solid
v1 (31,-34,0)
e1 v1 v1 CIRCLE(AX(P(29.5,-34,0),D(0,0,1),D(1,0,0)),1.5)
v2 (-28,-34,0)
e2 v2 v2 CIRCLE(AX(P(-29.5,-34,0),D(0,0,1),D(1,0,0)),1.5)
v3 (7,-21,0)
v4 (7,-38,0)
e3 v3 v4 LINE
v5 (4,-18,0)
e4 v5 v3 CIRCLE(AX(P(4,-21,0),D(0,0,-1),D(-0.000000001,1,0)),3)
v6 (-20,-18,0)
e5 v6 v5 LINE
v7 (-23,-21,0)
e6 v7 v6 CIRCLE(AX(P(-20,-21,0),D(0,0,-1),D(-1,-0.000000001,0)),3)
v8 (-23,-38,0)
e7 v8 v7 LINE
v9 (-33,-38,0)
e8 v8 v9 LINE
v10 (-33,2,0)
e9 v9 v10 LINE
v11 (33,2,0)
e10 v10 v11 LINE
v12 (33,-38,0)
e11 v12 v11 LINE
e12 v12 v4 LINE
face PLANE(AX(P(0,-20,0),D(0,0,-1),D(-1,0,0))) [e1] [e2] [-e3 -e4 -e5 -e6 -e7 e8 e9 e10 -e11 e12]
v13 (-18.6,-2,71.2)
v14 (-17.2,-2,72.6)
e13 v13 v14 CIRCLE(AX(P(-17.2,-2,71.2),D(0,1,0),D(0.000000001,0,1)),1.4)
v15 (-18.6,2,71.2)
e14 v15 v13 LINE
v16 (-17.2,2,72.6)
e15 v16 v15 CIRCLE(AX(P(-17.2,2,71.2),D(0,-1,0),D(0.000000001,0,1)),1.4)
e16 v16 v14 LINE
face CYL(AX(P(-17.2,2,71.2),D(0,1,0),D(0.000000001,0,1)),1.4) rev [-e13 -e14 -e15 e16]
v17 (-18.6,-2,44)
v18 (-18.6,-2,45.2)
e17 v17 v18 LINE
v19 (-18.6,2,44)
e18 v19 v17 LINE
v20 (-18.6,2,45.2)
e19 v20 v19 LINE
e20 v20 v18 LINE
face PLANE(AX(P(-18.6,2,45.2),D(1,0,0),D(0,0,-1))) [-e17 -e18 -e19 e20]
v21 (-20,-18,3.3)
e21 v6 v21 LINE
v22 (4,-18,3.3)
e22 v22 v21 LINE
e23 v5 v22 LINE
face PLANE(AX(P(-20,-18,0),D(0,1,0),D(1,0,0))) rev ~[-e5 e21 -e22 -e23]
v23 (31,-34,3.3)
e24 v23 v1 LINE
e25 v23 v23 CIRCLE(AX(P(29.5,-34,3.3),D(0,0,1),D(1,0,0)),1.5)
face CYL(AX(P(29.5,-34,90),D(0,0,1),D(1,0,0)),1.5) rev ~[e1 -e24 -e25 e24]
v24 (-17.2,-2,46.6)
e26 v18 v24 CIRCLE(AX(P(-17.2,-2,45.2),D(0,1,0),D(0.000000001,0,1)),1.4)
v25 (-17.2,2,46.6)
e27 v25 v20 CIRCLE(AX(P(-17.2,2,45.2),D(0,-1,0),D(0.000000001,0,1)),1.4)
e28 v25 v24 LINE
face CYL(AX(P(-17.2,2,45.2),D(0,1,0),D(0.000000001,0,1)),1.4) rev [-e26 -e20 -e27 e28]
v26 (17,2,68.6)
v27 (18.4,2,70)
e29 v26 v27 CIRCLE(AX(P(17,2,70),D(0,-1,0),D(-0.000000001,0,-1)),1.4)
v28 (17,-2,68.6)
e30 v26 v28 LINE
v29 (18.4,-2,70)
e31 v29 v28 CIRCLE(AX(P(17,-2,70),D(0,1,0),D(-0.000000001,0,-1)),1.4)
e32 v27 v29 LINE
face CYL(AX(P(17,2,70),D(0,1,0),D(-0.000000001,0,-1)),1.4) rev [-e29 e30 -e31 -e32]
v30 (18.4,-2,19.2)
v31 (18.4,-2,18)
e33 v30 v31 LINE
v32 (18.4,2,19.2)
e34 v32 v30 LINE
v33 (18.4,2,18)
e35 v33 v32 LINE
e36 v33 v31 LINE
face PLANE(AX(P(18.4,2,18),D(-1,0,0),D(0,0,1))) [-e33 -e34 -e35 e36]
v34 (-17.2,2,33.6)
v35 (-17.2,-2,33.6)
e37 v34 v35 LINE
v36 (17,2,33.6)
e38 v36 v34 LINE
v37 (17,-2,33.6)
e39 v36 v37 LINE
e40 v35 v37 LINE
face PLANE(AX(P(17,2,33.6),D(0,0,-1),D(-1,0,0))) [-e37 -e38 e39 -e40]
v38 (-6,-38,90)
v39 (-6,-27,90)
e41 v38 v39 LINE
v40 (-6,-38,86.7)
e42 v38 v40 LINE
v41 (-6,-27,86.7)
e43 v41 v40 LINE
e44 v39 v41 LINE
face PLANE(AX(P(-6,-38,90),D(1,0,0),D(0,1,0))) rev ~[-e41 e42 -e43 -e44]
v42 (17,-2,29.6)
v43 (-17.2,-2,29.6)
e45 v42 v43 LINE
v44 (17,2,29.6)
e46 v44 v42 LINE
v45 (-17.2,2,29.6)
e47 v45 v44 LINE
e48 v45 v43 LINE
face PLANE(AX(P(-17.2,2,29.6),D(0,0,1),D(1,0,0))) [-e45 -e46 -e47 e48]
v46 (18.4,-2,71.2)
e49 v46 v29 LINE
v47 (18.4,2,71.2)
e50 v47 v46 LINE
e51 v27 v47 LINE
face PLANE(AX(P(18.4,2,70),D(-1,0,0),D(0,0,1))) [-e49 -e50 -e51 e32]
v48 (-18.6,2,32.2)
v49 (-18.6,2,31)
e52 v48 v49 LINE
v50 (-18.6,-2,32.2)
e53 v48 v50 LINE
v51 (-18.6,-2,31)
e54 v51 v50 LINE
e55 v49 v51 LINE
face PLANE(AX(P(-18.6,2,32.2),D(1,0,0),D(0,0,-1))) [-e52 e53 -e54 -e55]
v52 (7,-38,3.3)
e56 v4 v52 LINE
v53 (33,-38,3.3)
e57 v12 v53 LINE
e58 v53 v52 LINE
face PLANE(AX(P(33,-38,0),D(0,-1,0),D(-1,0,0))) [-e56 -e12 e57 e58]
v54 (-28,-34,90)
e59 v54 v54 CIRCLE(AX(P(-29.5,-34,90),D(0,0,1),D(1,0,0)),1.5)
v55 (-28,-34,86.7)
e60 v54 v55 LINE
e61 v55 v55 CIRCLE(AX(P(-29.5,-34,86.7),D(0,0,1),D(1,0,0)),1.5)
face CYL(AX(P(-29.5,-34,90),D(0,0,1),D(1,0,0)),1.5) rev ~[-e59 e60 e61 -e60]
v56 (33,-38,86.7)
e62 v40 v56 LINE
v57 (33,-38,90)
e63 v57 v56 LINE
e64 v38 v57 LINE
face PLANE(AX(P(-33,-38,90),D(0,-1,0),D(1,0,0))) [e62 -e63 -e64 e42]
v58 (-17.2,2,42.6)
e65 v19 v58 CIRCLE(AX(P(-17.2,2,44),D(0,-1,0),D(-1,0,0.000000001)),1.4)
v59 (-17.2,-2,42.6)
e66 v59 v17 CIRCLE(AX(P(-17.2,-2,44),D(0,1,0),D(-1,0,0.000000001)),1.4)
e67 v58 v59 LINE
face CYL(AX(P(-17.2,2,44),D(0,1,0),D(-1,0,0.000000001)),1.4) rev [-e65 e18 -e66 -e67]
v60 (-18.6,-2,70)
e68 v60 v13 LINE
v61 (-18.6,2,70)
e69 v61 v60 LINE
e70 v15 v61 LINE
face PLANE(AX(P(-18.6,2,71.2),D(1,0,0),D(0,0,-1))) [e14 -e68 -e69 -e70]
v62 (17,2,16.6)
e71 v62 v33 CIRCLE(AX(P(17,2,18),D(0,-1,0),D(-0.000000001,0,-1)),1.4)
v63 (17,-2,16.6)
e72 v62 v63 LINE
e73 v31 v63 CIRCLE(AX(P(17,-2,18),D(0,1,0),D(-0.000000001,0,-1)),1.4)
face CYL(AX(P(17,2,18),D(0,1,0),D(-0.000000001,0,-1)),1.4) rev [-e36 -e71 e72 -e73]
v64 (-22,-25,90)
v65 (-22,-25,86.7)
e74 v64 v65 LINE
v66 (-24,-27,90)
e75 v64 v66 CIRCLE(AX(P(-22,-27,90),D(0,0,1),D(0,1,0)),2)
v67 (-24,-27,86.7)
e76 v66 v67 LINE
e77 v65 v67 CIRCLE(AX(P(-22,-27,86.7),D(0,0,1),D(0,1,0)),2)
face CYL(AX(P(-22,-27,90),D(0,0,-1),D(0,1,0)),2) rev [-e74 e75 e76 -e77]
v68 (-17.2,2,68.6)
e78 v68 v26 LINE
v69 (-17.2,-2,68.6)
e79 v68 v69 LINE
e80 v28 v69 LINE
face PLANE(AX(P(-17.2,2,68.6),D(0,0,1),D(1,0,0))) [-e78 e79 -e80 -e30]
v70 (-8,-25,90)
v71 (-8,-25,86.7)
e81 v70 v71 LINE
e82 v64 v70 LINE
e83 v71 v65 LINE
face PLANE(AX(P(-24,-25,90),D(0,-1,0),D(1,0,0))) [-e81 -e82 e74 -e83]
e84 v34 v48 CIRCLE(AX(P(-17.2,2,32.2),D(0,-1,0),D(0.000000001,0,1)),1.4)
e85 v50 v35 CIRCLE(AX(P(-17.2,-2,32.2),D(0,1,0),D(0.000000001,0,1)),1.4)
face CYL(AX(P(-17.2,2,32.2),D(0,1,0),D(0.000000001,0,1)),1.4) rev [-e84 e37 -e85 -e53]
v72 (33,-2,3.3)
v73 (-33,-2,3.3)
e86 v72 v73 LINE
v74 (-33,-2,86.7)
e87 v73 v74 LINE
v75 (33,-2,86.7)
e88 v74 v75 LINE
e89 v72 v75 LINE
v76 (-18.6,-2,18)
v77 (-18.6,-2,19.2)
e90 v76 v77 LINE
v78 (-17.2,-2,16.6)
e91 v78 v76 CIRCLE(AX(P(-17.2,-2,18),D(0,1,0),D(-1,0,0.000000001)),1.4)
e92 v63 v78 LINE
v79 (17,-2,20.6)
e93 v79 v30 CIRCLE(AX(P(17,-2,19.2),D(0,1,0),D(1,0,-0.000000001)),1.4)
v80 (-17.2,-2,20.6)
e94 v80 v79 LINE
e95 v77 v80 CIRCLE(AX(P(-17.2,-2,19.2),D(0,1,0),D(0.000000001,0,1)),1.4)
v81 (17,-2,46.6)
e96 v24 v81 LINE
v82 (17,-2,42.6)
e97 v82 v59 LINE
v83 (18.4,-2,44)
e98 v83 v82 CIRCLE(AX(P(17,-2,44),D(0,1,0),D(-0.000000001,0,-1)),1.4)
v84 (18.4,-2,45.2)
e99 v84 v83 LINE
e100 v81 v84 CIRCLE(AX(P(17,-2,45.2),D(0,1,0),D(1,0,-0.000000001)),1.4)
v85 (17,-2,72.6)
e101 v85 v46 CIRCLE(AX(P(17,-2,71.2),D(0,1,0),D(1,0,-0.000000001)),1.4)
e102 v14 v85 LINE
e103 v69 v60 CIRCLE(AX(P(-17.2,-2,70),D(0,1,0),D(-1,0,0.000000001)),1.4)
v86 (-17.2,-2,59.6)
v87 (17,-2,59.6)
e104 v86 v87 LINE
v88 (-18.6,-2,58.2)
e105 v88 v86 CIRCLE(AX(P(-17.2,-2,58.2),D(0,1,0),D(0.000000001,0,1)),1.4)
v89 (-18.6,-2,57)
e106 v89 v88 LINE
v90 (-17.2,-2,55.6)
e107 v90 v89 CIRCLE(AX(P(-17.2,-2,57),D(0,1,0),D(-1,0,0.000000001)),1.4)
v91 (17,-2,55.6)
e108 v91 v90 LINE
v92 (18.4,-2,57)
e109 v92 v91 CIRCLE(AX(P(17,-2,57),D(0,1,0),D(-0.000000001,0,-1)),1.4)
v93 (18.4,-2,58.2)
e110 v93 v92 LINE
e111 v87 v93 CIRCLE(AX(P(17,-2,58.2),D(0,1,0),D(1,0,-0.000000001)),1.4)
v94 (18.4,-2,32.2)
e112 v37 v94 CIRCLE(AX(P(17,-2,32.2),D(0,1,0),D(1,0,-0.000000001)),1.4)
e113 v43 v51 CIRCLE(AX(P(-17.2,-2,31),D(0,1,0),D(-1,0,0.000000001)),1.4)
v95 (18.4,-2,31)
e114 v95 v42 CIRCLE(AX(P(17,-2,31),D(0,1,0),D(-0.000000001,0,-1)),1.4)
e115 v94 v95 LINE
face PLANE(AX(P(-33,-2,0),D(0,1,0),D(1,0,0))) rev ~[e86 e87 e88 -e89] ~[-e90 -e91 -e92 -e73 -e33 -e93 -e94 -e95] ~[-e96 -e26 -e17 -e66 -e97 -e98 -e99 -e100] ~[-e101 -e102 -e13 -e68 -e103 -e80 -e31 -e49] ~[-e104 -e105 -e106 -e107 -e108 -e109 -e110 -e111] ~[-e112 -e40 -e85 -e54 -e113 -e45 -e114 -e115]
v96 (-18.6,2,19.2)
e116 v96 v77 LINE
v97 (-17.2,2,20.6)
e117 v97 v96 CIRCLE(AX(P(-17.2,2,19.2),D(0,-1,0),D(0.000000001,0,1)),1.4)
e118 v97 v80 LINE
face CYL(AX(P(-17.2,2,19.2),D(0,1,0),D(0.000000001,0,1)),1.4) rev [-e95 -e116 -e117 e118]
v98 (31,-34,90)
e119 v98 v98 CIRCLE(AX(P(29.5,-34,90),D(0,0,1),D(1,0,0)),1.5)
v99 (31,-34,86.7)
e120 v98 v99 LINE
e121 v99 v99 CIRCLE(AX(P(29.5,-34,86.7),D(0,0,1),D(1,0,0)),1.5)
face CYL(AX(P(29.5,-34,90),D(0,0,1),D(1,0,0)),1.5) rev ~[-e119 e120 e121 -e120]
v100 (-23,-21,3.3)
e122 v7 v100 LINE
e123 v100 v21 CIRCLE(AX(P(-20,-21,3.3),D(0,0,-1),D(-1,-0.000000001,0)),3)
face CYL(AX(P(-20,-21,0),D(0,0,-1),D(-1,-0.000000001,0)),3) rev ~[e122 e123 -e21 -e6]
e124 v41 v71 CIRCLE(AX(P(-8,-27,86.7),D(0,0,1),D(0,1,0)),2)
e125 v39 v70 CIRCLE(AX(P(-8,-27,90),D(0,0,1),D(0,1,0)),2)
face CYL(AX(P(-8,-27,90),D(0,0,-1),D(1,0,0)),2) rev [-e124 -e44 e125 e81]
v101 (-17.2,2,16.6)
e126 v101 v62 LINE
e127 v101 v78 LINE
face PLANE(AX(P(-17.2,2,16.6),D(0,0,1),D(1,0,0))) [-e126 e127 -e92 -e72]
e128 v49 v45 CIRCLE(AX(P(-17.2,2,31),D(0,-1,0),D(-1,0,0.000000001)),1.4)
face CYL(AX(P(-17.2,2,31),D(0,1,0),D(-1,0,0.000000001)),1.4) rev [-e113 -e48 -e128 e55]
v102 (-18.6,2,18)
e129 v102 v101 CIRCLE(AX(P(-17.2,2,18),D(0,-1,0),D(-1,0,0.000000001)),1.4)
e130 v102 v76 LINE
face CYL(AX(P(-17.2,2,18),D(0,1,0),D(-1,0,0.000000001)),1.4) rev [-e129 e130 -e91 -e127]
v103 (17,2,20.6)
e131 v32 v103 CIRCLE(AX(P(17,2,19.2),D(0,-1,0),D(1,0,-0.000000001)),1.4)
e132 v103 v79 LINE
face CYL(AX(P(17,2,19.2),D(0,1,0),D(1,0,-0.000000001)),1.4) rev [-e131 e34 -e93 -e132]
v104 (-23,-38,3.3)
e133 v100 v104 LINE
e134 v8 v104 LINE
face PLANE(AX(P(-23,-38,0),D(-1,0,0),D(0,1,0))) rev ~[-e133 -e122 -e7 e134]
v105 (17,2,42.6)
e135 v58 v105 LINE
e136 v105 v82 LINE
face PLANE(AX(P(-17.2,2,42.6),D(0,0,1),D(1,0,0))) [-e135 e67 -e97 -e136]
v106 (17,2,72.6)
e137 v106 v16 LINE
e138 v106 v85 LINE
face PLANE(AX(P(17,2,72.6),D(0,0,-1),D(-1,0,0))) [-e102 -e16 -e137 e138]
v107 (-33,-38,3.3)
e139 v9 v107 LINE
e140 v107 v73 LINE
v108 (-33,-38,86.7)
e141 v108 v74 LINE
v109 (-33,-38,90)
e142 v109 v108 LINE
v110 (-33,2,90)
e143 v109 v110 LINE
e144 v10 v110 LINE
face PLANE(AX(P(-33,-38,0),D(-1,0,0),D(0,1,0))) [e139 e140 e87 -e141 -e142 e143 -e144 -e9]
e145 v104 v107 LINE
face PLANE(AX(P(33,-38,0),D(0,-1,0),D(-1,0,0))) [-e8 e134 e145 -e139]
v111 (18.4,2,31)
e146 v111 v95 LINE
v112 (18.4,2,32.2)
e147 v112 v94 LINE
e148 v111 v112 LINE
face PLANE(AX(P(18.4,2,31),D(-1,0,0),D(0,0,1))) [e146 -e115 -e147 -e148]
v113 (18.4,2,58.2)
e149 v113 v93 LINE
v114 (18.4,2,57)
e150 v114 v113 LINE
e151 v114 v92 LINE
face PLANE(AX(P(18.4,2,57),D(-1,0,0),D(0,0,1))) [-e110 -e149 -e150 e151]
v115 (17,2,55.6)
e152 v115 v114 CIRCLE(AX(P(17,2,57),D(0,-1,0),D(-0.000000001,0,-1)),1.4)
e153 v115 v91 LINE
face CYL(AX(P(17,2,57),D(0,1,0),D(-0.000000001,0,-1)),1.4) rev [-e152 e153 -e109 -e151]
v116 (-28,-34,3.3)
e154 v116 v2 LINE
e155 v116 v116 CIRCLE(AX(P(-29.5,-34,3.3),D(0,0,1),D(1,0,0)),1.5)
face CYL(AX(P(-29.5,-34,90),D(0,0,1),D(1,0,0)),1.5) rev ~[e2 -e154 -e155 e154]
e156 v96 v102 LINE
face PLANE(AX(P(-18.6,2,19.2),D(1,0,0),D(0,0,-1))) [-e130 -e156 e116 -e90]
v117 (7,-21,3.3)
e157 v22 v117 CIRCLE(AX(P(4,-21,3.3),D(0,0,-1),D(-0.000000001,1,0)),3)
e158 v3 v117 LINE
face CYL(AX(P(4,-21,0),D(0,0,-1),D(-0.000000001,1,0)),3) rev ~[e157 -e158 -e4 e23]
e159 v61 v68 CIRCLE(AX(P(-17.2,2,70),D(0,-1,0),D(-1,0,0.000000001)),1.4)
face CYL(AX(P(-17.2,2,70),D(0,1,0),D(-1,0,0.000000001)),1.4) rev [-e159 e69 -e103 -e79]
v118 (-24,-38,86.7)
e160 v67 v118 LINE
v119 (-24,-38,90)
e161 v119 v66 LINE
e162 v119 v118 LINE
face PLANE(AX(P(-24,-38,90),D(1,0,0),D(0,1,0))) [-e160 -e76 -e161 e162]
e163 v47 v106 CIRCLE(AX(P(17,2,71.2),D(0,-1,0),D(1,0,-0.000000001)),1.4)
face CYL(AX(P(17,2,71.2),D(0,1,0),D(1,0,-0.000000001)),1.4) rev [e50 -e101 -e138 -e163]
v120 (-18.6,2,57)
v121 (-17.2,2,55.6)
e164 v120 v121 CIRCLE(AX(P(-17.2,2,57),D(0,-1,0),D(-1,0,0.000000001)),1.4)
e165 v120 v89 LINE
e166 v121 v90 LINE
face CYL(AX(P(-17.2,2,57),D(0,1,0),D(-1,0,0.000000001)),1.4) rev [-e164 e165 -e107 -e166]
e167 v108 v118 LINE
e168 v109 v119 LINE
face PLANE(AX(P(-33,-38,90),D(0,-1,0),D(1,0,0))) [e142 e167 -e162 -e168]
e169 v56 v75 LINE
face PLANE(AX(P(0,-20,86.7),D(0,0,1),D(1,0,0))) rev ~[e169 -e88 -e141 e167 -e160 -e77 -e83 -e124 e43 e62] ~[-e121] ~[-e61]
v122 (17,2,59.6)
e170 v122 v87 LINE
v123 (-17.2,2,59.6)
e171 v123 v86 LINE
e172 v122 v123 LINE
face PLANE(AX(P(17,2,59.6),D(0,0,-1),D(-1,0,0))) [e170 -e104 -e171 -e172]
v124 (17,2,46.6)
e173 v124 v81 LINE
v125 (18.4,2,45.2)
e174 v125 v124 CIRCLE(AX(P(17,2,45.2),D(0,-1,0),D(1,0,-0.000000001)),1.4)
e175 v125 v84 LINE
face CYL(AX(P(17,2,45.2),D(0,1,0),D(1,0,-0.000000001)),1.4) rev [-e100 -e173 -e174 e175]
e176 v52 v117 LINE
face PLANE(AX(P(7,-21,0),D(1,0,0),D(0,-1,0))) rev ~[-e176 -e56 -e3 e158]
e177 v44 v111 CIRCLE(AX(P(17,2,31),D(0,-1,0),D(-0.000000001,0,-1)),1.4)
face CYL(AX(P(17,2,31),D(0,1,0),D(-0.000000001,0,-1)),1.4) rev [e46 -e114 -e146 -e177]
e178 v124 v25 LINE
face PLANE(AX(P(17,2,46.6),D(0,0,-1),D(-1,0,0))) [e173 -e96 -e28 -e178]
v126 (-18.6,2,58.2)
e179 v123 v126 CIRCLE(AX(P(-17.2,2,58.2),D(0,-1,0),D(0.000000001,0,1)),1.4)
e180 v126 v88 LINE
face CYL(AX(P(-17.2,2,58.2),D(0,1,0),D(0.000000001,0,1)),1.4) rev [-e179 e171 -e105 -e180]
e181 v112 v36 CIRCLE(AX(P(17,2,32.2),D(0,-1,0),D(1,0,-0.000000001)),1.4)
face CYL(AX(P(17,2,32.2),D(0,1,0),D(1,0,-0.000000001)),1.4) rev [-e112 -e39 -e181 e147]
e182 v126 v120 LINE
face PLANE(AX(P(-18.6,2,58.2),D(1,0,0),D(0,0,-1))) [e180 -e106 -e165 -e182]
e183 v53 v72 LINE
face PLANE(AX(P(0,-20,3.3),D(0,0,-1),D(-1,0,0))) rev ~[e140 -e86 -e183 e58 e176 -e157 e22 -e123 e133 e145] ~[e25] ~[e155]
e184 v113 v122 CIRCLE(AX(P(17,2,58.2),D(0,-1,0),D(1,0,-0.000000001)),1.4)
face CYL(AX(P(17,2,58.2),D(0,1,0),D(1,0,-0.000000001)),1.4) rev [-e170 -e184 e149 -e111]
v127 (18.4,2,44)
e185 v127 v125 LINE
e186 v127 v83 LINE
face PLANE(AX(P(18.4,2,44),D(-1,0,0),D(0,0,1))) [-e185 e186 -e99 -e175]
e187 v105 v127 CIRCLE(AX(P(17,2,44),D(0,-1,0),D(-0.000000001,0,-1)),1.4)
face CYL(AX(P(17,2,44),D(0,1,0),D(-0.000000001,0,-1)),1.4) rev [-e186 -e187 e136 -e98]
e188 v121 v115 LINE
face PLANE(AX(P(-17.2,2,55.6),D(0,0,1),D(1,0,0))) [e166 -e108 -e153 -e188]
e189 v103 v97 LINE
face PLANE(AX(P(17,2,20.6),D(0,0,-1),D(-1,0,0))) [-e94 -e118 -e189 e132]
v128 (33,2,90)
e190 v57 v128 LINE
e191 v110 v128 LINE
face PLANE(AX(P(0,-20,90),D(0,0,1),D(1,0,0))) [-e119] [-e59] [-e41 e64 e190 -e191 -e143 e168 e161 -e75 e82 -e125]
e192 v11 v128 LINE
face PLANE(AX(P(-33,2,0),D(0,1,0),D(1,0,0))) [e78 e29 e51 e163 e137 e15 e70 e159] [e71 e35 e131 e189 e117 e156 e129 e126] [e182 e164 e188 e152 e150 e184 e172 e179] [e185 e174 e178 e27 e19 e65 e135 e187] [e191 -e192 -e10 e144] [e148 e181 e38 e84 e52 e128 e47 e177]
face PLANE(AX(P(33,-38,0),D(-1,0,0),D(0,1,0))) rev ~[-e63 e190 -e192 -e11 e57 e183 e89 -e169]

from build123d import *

# Parameters (mm, degrees)
SKETCH1_W           = 66
SKETCH1_H           = 4
BOSS_EXTRUDE1_DEPTH = 90
SKETCH2_W           = 66
SKETCH2_H           = 36
BOSS_EXTRUDE2_DEPTH = 3.3
SKETCH3_W           = 66
SKETCH3_H           = 36
BOSS_EXTRUDE3_DEPTH = 3.3
SKETCH4_R           = 1.5
CUT_EXTRUDE1_DEPTH  = 104.116439039
CUT_EXTRUDE2_REACH  = 105.116
SKETCH5_W           = 18
SKETCH5_H           = 13
CUT_EXTRUDE4_REACH  = 105.116
FILLET1_R           = 2
CUT_EXTRUDE5_REACH  = 105.87
LPATTERN1_COUNT     = 5
LPATTERN1_PITCH     = 13


with BuildPart() as part:
    # Sketch1 → Boss-Extrude1 (new body)
    with BuildSketch(Plane.XY):
        Rectangle(SKETCH1_W, SKETCH1_H)
    extrude(amount=BOSS_EXTRUDE1_DEPTH)

    # Sketch2 → Boss-Extrude2 (add)
    with BuildSketch(Plane.XY.offset(90)):
        with Locations((0, -20)):
            Rectangle(SKETCH2_W, SKETCH2_H)
    extrude(amount=-BOSS_EXTRUDE2_DEPTH)

    # Sketch3 → Boss-Extrude3 (add)
    with BuildSketch(Plane(origin=(0, 0, 0), x_dir=(-1, 0, 0), z_dir=(0, 0, -1))):
        with Locations((0, -20)):
            Rectangle(SKETCH3_W, SKETCH3_H)
    extrude(amount=-BOSS_EXTRUDE3_DEPTH)

    # Sketch4 → Cut-Extrude1 (cut, through all)
    with BuildSketch(Plane.XY.offset(90)):
        with Locations((-29.5, -34)):
            Circle(SKETCH4_R)
        with Locations((29.5, -34)):
            Circle(SKETCH4_R)
    extrude(amount=-CUT_EXTRUDE1_DEPTH, mode=Mode.SUBTRACT)

    # Sketch5 → Cut-Extrude2 (cut, up to next)
    with BuildSketch(Plane.XY.offset(90), mode=Mode.PRIVATE) as cut_extrude2_sk1:
        with Locations((-15, -31.5)):
            Rectangle(SKETCH5_W, SKETCH5_H)
    cut_extrude2_tool1 = extrude(cut_extrude2_sk1.sketch, amount=-CUT_EXTRUDE2_REACH, mode=Mode.PRIVATE) & part.part
    add(cut_extrude2_tool1.solids().sort_by_distance((-15, -31.5, 90))[0], mode=Mode.SUBTRACT)

    # Sketch7 → Cut-Extrude4 (cut, up to next)
    with BuildSketch(Plane(origin=(0, 0, 0), x_dir=(-1, 0, 0), z_dir=(0, 0, -1)), mode=Mode.PRIVATE) as cut_extrude4_sk1:
        with BuildLine():
            Line((-7, -38), (23, -38))
            Line((23, -38), (23, -21))
            ThreePointArc((23, -21), (22.121320344, -18.878679656), (20, -18))
            Line((20, -18), (-4, -18))
            ThreePointArc((-4, -18), (-6.121320344, -18.878679656), (-7, -21))
            Line((-7, -21), (-7, -38))
        make_face()
    cut_extrude4_tool1 = extrude(cut_extrude4_sk1.sketch, amount=-CUT_EXTRUDE4_REACH, mode=Mode.PRIVATE) & part.part
    add(cut_extrude4_tool1.solids().sort_by_distance((-8, -28.060456, 0))[0], mode=Mode.SUBTRACT)

    # Fillet1
    fillet1_edges = [part.edges().sort_by_distance(p)[0] for p in [
        (-24, -25, 88.35),
        (-6, -25, 88.35),
    ]]
    fillet(fillet1_edges, radius=FILLET1_R)

    # Sketch8 → Cut-Extrude5 (cut, up to next)
    with BuildSketch(Plane(origin=(0, 2, 0), x_dir=(1, 0, 0), z_dir=(0, 1, 0)), mode=Mode.PRIVATE) as cut_extrude5_sk1:
        with BuildLine():
            Line((-17.2, -16.6), (17, -16.6))
            ThreePointArc((17, -16.6), (17.989949494, -17.010050506), (18.4, -18))
            Line((18.4, -18), (18.4, -19.2))
            ThreePointArc((18.4, -19.2), (17.989949494, -20.189949494), (17, -20.6))
            Line((17, -20.6), (-17.2, -20.6))
            ThreePointArc((-17.2, -20.6), (-18.189949494, -20.189949494), (-18.6, -19.2))
            Line((-18.6, -19.2), (-18.6, -18))
            ThreePointArc((-18.6, -18), (-18.189949494, -17.010050506), (-17.2, -16.6))
        make_face()
    cut_extrude5_tool1 = extrude(cut_extrude5_sk1.sketch, amount=-CUT_EXTRUDE5_REACH, mode=Mode.PRIVATE) & part.part
    cut_extrude5 = cut_extrude5_tool1.solids().sort_by_distance((-0.1, 2, 18.6))[0]
    add(cut_extrude5, mode=Mode.SUBTRACT)

    # LPattern1: Cut-Extrude5 ×5
    with Locations(*[(0, 0, i * LPATTERN1_PITCH) for i in range(1, LPATTERN1_COUNT)]):
        add(cut_extrude5, mode=Mode.SUBTRACT)


solid = part.part
